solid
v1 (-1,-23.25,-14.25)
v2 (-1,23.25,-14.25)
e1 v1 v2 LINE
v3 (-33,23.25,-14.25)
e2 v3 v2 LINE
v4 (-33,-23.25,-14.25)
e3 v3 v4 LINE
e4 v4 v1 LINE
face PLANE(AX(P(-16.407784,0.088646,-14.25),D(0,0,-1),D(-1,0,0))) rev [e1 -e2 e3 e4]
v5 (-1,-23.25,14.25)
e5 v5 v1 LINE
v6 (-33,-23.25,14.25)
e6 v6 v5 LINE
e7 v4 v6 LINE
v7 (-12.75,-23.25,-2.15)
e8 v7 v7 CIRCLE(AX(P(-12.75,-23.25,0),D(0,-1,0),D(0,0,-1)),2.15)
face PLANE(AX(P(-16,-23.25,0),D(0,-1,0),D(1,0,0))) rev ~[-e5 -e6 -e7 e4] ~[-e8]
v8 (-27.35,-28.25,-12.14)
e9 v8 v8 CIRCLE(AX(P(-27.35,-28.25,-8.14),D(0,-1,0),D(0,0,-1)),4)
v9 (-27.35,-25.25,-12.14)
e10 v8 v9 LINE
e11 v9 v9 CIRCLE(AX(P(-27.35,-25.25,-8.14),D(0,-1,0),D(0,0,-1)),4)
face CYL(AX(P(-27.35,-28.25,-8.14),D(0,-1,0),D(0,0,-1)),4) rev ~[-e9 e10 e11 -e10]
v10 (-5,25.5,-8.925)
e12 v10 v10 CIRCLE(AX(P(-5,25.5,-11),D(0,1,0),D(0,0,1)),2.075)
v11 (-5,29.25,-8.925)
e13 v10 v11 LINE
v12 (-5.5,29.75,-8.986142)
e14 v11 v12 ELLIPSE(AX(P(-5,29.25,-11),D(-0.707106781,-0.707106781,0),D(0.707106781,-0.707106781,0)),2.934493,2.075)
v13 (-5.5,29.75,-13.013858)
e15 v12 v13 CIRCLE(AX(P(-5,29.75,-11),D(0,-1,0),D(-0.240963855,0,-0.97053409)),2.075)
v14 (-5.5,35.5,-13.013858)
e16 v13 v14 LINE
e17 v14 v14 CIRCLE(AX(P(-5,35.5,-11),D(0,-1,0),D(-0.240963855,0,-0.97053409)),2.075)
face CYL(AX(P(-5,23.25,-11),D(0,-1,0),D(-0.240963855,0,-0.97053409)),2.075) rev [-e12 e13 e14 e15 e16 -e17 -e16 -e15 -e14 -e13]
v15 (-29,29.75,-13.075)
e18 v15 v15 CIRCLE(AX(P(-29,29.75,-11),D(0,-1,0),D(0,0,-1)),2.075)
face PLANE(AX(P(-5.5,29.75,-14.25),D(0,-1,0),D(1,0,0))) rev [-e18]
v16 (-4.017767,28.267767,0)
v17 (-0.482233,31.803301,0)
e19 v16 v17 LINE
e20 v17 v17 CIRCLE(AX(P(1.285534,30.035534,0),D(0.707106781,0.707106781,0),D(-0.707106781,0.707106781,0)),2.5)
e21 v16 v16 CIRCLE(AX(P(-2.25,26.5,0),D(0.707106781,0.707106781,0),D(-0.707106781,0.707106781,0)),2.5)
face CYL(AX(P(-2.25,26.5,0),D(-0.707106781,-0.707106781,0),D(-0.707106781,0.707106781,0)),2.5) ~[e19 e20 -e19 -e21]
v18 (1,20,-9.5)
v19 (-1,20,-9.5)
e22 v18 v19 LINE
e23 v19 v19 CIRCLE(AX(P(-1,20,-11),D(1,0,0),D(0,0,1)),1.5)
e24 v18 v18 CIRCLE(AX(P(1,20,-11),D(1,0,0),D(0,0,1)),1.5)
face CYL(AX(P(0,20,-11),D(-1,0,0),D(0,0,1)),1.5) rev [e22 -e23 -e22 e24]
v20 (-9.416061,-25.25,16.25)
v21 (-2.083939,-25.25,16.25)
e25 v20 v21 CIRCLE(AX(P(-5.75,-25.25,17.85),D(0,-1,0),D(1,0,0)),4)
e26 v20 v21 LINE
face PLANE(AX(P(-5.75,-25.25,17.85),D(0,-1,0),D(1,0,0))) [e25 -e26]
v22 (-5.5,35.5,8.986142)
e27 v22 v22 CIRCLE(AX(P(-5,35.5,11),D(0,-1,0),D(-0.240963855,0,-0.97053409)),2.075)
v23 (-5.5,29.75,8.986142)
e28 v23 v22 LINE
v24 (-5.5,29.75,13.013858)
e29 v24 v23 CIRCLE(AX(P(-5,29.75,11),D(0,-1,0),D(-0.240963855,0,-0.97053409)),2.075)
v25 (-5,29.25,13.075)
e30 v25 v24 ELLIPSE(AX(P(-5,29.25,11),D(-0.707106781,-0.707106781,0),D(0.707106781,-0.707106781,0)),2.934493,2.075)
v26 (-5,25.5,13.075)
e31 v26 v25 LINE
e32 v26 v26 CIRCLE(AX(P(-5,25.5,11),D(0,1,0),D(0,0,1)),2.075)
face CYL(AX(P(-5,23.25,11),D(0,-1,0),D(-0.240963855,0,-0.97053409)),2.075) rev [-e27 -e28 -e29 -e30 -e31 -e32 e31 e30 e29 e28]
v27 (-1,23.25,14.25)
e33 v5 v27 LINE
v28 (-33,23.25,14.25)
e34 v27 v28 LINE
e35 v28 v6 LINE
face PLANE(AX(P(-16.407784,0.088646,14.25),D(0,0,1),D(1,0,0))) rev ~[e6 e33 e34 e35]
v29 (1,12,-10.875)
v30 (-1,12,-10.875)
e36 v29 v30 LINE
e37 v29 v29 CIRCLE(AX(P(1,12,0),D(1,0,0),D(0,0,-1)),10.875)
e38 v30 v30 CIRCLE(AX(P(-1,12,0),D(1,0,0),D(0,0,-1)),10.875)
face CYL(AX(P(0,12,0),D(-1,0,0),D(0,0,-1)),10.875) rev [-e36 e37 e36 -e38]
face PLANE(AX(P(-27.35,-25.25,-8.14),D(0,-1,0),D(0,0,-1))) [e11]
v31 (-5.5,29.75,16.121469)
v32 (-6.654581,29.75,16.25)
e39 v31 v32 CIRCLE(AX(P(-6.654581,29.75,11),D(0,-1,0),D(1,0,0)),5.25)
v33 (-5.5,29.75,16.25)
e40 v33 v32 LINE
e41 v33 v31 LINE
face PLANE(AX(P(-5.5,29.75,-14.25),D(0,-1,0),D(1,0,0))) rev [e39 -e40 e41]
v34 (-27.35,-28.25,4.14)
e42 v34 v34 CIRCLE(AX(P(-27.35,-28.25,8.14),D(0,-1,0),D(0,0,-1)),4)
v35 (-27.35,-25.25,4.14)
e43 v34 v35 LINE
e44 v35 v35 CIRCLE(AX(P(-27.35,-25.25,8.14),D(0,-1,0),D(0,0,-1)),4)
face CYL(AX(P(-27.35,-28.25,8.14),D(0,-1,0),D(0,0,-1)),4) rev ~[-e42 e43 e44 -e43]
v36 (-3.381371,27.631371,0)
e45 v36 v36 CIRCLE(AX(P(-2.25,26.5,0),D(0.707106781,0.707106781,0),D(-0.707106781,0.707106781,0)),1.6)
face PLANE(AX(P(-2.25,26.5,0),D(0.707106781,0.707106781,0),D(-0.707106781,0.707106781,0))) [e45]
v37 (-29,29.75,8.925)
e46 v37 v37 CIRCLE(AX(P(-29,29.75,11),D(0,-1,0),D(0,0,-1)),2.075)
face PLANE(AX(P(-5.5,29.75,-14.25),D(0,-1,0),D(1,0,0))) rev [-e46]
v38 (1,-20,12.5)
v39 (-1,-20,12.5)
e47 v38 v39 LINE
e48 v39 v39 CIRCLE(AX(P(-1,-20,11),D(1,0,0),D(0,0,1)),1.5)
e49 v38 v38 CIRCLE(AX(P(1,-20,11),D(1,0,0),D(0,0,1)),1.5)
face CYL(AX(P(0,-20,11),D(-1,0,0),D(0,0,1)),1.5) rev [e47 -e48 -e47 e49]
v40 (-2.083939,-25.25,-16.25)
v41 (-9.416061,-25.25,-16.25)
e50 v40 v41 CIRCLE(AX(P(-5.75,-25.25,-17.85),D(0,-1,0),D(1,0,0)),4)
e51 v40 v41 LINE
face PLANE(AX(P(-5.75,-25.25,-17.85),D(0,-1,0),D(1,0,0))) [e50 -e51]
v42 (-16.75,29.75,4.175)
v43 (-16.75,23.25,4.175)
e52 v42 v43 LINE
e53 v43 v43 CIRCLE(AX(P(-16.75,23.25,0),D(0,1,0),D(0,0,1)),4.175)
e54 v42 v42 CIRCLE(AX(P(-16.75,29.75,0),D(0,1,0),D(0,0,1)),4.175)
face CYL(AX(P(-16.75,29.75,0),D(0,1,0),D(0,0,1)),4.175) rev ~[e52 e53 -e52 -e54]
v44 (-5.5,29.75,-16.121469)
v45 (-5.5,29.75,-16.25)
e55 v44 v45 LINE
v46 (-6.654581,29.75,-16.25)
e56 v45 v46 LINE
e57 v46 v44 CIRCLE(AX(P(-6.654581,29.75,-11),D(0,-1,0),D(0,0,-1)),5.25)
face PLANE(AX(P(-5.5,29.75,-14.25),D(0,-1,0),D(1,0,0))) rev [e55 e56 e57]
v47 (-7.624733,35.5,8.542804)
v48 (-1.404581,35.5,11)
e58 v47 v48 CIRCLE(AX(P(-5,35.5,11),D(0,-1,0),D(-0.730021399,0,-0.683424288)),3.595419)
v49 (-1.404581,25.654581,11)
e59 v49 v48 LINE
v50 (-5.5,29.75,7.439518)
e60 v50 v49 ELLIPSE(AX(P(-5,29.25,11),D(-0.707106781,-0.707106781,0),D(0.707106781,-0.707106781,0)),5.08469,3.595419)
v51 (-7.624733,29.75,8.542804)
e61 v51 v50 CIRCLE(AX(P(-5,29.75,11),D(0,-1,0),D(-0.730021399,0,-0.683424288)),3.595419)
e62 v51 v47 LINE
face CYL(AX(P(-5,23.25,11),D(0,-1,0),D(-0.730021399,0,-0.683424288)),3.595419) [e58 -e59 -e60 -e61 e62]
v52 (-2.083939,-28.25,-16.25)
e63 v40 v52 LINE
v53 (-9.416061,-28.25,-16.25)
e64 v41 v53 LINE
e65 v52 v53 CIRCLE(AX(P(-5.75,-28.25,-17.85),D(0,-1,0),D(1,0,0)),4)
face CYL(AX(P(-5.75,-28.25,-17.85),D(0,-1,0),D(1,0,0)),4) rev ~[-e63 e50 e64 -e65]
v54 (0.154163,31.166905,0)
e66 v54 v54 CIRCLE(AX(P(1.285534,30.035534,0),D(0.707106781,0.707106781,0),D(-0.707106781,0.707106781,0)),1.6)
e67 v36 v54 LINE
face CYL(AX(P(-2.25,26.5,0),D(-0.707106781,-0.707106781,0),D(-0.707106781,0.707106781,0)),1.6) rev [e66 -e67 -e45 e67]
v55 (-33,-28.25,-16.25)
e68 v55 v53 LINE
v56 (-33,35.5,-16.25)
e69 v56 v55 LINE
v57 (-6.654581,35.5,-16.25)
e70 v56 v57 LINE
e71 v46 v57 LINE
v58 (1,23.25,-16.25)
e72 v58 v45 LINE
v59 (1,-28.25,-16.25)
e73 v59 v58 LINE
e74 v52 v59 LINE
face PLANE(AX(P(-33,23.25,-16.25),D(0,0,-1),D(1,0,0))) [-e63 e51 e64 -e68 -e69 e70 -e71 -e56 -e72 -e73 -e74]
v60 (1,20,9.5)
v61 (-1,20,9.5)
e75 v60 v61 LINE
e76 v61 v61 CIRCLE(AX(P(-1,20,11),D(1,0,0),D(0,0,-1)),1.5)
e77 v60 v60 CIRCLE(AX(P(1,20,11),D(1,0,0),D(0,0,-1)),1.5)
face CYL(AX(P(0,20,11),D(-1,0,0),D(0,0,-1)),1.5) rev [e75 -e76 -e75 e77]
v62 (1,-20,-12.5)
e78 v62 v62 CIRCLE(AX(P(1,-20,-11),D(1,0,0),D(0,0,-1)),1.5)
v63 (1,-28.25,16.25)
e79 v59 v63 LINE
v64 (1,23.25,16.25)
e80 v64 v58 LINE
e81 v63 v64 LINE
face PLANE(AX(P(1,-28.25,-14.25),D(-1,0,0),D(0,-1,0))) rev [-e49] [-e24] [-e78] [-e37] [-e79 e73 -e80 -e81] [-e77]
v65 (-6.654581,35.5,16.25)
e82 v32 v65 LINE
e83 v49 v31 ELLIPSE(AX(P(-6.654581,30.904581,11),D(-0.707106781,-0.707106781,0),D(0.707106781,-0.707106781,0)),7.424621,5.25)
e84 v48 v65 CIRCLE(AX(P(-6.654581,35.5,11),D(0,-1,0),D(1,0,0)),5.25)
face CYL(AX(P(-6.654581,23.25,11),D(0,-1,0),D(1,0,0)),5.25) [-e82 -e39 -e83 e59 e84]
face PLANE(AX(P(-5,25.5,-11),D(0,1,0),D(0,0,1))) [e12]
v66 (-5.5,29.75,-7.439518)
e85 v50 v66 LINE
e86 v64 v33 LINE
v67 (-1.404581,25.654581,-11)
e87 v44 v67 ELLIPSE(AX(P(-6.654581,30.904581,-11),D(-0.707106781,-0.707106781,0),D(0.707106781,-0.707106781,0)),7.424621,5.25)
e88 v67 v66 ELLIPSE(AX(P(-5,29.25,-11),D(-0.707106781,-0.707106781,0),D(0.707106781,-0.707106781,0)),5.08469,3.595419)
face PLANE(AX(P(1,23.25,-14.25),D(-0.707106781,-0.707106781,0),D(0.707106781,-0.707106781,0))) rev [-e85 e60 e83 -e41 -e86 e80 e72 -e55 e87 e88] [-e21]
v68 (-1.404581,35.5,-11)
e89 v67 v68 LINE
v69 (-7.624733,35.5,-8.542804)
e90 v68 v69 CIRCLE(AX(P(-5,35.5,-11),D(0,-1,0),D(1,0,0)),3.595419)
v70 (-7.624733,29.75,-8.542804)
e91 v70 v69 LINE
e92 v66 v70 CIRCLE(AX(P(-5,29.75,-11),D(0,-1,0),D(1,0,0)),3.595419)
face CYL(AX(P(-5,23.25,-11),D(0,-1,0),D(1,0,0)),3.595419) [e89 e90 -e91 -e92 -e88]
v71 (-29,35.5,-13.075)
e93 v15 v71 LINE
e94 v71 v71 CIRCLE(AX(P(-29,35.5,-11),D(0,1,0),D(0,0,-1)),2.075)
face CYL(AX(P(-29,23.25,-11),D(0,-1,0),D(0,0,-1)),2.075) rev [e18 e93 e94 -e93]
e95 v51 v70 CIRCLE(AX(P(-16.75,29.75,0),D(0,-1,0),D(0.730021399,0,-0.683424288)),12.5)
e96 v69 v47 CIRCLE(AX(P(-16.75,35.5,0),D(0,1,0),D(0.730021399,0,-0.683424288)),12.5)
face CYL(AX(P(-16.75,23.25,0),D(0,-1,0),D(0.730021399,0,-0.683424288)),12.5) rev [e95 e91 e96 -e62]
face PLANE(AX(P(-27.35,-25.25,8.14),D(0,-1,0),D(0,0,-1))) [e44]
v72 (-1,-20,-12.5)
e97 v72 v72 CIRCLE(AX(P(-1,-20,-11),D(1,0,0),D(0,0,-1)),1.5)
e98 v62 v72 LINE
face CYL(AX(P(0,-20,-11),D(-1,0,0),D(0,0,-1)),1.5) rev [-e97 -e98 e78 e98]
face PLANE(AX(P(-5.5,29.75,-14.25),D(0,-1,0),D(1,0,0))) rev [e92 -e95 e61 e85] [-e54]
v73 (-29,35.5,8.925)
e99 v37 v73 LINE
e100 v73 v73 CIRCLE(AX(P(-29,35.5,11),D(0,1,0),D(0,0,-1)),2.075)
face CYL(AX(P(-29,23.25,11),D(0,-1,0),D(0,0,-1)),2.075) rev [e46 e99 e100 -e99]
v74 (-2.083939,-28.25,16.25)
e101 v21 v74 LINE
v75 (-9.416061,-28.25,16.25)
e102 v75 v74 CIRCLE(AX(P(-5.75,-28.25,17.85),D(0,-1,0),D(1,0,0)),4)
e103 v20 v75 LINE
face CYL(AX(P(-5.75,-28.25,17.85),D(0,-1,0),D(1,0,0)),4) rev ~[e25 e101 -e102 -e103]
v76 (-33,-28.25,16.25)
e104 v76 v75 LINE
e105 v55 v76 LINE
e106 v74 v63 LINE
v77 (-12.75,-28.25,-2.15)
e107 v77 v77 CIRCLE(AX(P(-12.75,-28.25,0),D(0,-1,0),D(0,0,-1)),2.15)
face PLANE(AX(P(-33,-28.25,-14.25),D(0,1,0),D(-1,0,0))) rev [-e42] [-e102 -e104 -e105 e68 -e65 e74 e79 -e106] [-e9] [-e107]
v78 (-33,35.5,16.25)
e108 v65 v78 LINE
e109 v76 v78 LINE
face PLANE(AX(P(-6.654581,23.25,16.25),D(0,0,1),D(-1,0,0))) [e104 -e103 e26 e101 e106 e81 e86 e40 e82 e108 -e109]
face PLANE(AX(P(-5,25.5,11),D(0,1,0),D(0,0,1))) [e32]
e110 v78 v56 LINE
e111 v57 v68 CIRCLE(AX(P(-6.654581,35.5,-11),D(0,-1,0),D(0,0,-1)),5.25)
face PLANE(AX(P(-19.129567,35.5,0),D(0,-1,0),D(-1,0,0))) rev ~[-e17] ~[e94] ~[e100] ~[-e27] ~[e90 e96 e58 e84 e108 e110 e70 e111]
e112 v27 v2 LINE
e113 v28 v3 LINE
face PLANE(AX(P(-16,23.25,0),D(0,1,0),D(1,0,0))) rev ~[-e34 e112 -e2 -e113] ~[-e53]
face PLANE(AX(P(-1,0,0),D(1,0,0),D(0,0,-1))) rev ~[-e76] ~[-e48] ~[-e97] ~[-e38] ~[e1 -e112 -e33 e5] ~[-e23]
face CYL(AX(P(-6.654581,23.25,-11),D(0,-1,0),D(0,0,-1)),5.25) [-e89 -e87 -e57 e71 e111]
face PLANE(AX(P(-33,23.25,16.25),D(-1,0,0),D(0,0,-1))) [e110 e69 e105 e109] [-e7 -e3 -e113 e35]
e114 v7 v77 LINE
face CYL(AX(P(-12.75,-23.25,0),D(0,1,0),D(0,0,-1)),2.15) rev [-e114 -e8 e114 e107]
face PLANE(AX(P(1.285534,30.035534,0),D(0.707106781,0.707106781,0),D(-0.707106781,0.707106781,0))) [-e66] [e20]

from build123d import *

# Parameters (mm, degrees)
SKETCH1_W           = 28.5
SKETCH1_H           = 46.5
SKETCH1_R           = 1.5
SKETCH1_R_2         = 10.875
BOSS_EXTRUDE1_DEPTH = 1
SKETCH2_W           = 34
SKETCH2_H           = 28.5
BOSS_EXTRUDE2_DEPTH = 6.5
CUT_EXTRUDE1_REACH  = 66.04
SKETCH4_R           = 4.175
SKETCH15_W          = 34
SKETCH15_H          = 28.5
SKETCH15_R          = 2.15
BOSS_EXTRUDE8_DEPTH = 5
CHAMFER1_SIZE       = 6.5
BOSS_EXTRUDE9_DEPTH = 2
SKETCH5_R           = 2.5
BOSS_EXTRUDE4_DEPTH = 5
CUT_EXTRUDE4_START  = -5
SKETCH7_R           = 1.6
CUT_EXTRUDE4_DEPTH  = 5
SKETCH10_R          = 2.075
BOSS_EXTRUDE6_DEPTH = 12.25
CUT_EXTRUDE7_START  = -10
SKETCH18_R          = 2.075
CUT_EXTRUDE7_DEPTH  = 10
SKETCH19_R          = 4
CUT_EXTRUDE8_DEPTH  = 3


with BuildPart() as part:
    # Sketch1 → Boss-Extrude1 (new, symmetric)
    with BuildSketch(Plane(origin=(0, 0, 0), x_dir=(0, 0, -1), z_dir=(1, 0, 0))):
        Rectangle(SKETCH1_W, SKETCH1_H)
        with Locations((-11, 20)):
            Circle(SKETCH1_R, mode=Mode.SUBTRACT)
        with Locations(Location((11, 20, 0), (0, 0, 180))):
            Circle(SKETCH1_R, mode=Mode.SUBTRACT)
        with Locations((11, -20)):
            Circle(SKETCH1_R, mode=Mode.SUBTRACT)
        with Locations(Location((-11, -20, 0), (0, 0, 180))):
            Circle(SKETCH1_R, mode=Mode.SUBTRACT)
        with Locations((0, 12)):
            Circle(SKETCH1_R_2, mode=Mode.SUBTRACT)
    extrude(amount=BOSS_EXTRUDE1_DEPTH, both=True)

    # Sketch2 → Boss-Extrude2 (add)
    with BuildSketch(Plane(origin=(0, 23.25, 0), x_dir=(1, 0, 0), z_dir=(0, 1, 0))):
        with Locations((-16, 0)):
            Rectangle(SKETCH2_W, SKETCH2_H)
    extrude(amount=BOSS_EXTRUDE2_DEPTH)

    # Sketch4 → Cut-Extrude1 (cut, up to next)
    with BuildSketch(Plane(origin=(0, 29.75, 0), x_dir=(1, 0, 0), z_dir=(0, 1, 0)), mode=Mode.PRIVATE) as cut_extrude1_sk1:
        with Locations(Location((-16.75, 0, 0), (0, 0, 270))):
            Circle(SKETCH4_R)
    cut_extrude1_tool1 = extrude(cut_extrude1_sk1.sketch, amount=-CUT_EXTRUDE1_REACH, mode=Mode.PRIVATE) & part.part
    add(cut_extrude1_tool1.solids().sort_by_distance((-16.75, 29.75, 0))[0], mode=Mode.SUBTRACT)

    # Sketch15 → Boss-Extrude8 (add)
    with BuildSketch(Plane.XZ.offset(23.25)):
        with Locations((-16, 0)):
            Rectangle(SKETCH15_W, SKETCH15_H)
        with Locations(Location((-12.75, 0, 0), (0, 0, 270))):
            Circle(SKETCH15_R, mode=Mode.SUBTRACT)
    extrude(amount=BOSS_EXTRUDE8_DEPTH)

    # Chamfer1
    chamfer1_edges = [part.edges().sort_by_distance(p)[0] for p in [
        (1, 29.75, 0),
    ]]
    chamfer(chamfer1_edges, length=CHAMFER1_SIZE)

    # Sketch17 → Boss-Extrude9 (add)
    with BuildSketch(Plane.XY.offset(14.25)):
        Polygon((-33, 29.75), (-33, -28.25), (1, -28.25), (1, 23.25), (-5.5, 29.75), align=None)
    boss_extrude9 = extrude(amount=BOSS_EXTRUDE9_DEPTH)

    # Mirror3: Boss-Extrude9 across plane
    add(boss_extrude9.mirror(Plane.XY))

    # Sketch5 → Boss-Extrude4 (add)
    with BuildSketch(Plane(origin=(12.125, 12.125, 0), x_dir=(0, 0, -1), z_dir=(0.7071067811865487, 0.7071067811865464, 0))):
        with Locations(Location((0, 20.329319959, 0), (0, 0, 90))):
            Circle(SKETCH5_R)
    extrude(amount=BOSS_EXTRUDE4_DEPTH)

    # Sketch7 → Cut-Extrude4 (cut)
    with BuildSketch(Plane(origin=(15.660533906, 15.660533906, 0), x_dir=(0, 0, -1), z_dir=(0.7071067811865487, 0.7071067811865464, 0)).offset(CUT_EXTRUDE4_START)):
        with Locations(Location((0, 20.329319959, 0), (0, 0, 90))):
            Circle(SKETCH7_R)
    extrude(amount=CUT_EXTRUDE4_DEPTH, mode=Mode.SUBTRACT)

    # Sketch10 → Boss-Extrude6 (add)
    with BuildSketch(Plane(origin=(0, 23.25, 0), x_dir=(1, 0, 0), z_dir=(0, 1, 0))):
        with BuildLine():
            Line((-33, -16.25), (-33, 16.25))
            Line((-33, 16.25), (-6.654581397, 16.25))
            ThreePointArc((-6.654581397, 16.25), (-2.942270796, 14.712310601), (-1.404581397, 11))
            ThreePointArc((-1.404581397, 11), (-3.679011202, 7.656046722), (-7.624732517, 8.542803601))
            ThreePointArc((-7.624732517, 8.542803601), (-29.25, 0), (-7.624732517, -8.542803601))
            ThreePointArc((-7.624732517, -8.542803601), (-3.679011202, -7.656046722), (-1.404581397, -11))
            ThreePointArc((-1.404581397, -11), (-2.942270796, -14.712310601), (-6.654581397, -16.25))
            Line((-6.654581397, -16.25), (-33, -16.25))
        make_face()
        with Locations(Location((-29, 11, 0), (0, 0, 90))):
            Circle(SKETCH10_R, mode=Mode.SUBTRACT)
        with Locations(Location((-29, -11, 0), (0, 0, 90))):
            Circle(SKETCH10_R, mode=Mode.SUBTRACT)
        with Locations(Location((-5, 11, 0), (0, 0, 103.943434861))):
            Circle(SKETCH10_R, mode=Mode.SUBTRACT)
        with Locations(Location((-5, -11, 0), (0, 0, 103.943434861))):
            Circle(SKETCH10_R, mode=Mode.SUBTRACT)
    extrude(amount=BOSS_EXTRUDE6_DEPTH)

    # Sketch18 → Cut-Extrude7 (cut)
    with BuildSketch(Plane(origin=(0, 35.5, 0), x_dir=(1, 0, 0), z_dir=(0, 1, 0)).offset(CUT_EXTRUDE7_START)):
        with Locations(Location((-5, -11, 0), (0, 0, 270))):
            Circle(SKETCH18_R)
        with Locations(Location((-5, 11, 0), (0, 0, 270))):
            Circle(SKETCH18_R)
    extrude(amount=CUT_EXTRUDE7_DEPTH, mode=Mode.SUBTRACT)

    # Sketch19 → Cut-Extrude8 (cut)
    with BuildSketch(Plane.XZ.offset(28.25)):
        with Locations((-5.75, 17.85)):
            Circle(SKETCH19_R)
        with Locations((-5.75, -17.85)):
            Circle(SKETCH19_R)
        with Locations(Location((-27.35, 8.14, 0), (0, 0, 270))):
            Circle(SKETCH19_R)
        with Locations(Location((-27.35, -8.14, 0), (0, 0, 270))):
            Circle(SKETCH19_R)
    extrude(amount=-CUT_EXTRUDE8_DEPTH, mode=Mode.SUBTRACT)


solid = part.part
